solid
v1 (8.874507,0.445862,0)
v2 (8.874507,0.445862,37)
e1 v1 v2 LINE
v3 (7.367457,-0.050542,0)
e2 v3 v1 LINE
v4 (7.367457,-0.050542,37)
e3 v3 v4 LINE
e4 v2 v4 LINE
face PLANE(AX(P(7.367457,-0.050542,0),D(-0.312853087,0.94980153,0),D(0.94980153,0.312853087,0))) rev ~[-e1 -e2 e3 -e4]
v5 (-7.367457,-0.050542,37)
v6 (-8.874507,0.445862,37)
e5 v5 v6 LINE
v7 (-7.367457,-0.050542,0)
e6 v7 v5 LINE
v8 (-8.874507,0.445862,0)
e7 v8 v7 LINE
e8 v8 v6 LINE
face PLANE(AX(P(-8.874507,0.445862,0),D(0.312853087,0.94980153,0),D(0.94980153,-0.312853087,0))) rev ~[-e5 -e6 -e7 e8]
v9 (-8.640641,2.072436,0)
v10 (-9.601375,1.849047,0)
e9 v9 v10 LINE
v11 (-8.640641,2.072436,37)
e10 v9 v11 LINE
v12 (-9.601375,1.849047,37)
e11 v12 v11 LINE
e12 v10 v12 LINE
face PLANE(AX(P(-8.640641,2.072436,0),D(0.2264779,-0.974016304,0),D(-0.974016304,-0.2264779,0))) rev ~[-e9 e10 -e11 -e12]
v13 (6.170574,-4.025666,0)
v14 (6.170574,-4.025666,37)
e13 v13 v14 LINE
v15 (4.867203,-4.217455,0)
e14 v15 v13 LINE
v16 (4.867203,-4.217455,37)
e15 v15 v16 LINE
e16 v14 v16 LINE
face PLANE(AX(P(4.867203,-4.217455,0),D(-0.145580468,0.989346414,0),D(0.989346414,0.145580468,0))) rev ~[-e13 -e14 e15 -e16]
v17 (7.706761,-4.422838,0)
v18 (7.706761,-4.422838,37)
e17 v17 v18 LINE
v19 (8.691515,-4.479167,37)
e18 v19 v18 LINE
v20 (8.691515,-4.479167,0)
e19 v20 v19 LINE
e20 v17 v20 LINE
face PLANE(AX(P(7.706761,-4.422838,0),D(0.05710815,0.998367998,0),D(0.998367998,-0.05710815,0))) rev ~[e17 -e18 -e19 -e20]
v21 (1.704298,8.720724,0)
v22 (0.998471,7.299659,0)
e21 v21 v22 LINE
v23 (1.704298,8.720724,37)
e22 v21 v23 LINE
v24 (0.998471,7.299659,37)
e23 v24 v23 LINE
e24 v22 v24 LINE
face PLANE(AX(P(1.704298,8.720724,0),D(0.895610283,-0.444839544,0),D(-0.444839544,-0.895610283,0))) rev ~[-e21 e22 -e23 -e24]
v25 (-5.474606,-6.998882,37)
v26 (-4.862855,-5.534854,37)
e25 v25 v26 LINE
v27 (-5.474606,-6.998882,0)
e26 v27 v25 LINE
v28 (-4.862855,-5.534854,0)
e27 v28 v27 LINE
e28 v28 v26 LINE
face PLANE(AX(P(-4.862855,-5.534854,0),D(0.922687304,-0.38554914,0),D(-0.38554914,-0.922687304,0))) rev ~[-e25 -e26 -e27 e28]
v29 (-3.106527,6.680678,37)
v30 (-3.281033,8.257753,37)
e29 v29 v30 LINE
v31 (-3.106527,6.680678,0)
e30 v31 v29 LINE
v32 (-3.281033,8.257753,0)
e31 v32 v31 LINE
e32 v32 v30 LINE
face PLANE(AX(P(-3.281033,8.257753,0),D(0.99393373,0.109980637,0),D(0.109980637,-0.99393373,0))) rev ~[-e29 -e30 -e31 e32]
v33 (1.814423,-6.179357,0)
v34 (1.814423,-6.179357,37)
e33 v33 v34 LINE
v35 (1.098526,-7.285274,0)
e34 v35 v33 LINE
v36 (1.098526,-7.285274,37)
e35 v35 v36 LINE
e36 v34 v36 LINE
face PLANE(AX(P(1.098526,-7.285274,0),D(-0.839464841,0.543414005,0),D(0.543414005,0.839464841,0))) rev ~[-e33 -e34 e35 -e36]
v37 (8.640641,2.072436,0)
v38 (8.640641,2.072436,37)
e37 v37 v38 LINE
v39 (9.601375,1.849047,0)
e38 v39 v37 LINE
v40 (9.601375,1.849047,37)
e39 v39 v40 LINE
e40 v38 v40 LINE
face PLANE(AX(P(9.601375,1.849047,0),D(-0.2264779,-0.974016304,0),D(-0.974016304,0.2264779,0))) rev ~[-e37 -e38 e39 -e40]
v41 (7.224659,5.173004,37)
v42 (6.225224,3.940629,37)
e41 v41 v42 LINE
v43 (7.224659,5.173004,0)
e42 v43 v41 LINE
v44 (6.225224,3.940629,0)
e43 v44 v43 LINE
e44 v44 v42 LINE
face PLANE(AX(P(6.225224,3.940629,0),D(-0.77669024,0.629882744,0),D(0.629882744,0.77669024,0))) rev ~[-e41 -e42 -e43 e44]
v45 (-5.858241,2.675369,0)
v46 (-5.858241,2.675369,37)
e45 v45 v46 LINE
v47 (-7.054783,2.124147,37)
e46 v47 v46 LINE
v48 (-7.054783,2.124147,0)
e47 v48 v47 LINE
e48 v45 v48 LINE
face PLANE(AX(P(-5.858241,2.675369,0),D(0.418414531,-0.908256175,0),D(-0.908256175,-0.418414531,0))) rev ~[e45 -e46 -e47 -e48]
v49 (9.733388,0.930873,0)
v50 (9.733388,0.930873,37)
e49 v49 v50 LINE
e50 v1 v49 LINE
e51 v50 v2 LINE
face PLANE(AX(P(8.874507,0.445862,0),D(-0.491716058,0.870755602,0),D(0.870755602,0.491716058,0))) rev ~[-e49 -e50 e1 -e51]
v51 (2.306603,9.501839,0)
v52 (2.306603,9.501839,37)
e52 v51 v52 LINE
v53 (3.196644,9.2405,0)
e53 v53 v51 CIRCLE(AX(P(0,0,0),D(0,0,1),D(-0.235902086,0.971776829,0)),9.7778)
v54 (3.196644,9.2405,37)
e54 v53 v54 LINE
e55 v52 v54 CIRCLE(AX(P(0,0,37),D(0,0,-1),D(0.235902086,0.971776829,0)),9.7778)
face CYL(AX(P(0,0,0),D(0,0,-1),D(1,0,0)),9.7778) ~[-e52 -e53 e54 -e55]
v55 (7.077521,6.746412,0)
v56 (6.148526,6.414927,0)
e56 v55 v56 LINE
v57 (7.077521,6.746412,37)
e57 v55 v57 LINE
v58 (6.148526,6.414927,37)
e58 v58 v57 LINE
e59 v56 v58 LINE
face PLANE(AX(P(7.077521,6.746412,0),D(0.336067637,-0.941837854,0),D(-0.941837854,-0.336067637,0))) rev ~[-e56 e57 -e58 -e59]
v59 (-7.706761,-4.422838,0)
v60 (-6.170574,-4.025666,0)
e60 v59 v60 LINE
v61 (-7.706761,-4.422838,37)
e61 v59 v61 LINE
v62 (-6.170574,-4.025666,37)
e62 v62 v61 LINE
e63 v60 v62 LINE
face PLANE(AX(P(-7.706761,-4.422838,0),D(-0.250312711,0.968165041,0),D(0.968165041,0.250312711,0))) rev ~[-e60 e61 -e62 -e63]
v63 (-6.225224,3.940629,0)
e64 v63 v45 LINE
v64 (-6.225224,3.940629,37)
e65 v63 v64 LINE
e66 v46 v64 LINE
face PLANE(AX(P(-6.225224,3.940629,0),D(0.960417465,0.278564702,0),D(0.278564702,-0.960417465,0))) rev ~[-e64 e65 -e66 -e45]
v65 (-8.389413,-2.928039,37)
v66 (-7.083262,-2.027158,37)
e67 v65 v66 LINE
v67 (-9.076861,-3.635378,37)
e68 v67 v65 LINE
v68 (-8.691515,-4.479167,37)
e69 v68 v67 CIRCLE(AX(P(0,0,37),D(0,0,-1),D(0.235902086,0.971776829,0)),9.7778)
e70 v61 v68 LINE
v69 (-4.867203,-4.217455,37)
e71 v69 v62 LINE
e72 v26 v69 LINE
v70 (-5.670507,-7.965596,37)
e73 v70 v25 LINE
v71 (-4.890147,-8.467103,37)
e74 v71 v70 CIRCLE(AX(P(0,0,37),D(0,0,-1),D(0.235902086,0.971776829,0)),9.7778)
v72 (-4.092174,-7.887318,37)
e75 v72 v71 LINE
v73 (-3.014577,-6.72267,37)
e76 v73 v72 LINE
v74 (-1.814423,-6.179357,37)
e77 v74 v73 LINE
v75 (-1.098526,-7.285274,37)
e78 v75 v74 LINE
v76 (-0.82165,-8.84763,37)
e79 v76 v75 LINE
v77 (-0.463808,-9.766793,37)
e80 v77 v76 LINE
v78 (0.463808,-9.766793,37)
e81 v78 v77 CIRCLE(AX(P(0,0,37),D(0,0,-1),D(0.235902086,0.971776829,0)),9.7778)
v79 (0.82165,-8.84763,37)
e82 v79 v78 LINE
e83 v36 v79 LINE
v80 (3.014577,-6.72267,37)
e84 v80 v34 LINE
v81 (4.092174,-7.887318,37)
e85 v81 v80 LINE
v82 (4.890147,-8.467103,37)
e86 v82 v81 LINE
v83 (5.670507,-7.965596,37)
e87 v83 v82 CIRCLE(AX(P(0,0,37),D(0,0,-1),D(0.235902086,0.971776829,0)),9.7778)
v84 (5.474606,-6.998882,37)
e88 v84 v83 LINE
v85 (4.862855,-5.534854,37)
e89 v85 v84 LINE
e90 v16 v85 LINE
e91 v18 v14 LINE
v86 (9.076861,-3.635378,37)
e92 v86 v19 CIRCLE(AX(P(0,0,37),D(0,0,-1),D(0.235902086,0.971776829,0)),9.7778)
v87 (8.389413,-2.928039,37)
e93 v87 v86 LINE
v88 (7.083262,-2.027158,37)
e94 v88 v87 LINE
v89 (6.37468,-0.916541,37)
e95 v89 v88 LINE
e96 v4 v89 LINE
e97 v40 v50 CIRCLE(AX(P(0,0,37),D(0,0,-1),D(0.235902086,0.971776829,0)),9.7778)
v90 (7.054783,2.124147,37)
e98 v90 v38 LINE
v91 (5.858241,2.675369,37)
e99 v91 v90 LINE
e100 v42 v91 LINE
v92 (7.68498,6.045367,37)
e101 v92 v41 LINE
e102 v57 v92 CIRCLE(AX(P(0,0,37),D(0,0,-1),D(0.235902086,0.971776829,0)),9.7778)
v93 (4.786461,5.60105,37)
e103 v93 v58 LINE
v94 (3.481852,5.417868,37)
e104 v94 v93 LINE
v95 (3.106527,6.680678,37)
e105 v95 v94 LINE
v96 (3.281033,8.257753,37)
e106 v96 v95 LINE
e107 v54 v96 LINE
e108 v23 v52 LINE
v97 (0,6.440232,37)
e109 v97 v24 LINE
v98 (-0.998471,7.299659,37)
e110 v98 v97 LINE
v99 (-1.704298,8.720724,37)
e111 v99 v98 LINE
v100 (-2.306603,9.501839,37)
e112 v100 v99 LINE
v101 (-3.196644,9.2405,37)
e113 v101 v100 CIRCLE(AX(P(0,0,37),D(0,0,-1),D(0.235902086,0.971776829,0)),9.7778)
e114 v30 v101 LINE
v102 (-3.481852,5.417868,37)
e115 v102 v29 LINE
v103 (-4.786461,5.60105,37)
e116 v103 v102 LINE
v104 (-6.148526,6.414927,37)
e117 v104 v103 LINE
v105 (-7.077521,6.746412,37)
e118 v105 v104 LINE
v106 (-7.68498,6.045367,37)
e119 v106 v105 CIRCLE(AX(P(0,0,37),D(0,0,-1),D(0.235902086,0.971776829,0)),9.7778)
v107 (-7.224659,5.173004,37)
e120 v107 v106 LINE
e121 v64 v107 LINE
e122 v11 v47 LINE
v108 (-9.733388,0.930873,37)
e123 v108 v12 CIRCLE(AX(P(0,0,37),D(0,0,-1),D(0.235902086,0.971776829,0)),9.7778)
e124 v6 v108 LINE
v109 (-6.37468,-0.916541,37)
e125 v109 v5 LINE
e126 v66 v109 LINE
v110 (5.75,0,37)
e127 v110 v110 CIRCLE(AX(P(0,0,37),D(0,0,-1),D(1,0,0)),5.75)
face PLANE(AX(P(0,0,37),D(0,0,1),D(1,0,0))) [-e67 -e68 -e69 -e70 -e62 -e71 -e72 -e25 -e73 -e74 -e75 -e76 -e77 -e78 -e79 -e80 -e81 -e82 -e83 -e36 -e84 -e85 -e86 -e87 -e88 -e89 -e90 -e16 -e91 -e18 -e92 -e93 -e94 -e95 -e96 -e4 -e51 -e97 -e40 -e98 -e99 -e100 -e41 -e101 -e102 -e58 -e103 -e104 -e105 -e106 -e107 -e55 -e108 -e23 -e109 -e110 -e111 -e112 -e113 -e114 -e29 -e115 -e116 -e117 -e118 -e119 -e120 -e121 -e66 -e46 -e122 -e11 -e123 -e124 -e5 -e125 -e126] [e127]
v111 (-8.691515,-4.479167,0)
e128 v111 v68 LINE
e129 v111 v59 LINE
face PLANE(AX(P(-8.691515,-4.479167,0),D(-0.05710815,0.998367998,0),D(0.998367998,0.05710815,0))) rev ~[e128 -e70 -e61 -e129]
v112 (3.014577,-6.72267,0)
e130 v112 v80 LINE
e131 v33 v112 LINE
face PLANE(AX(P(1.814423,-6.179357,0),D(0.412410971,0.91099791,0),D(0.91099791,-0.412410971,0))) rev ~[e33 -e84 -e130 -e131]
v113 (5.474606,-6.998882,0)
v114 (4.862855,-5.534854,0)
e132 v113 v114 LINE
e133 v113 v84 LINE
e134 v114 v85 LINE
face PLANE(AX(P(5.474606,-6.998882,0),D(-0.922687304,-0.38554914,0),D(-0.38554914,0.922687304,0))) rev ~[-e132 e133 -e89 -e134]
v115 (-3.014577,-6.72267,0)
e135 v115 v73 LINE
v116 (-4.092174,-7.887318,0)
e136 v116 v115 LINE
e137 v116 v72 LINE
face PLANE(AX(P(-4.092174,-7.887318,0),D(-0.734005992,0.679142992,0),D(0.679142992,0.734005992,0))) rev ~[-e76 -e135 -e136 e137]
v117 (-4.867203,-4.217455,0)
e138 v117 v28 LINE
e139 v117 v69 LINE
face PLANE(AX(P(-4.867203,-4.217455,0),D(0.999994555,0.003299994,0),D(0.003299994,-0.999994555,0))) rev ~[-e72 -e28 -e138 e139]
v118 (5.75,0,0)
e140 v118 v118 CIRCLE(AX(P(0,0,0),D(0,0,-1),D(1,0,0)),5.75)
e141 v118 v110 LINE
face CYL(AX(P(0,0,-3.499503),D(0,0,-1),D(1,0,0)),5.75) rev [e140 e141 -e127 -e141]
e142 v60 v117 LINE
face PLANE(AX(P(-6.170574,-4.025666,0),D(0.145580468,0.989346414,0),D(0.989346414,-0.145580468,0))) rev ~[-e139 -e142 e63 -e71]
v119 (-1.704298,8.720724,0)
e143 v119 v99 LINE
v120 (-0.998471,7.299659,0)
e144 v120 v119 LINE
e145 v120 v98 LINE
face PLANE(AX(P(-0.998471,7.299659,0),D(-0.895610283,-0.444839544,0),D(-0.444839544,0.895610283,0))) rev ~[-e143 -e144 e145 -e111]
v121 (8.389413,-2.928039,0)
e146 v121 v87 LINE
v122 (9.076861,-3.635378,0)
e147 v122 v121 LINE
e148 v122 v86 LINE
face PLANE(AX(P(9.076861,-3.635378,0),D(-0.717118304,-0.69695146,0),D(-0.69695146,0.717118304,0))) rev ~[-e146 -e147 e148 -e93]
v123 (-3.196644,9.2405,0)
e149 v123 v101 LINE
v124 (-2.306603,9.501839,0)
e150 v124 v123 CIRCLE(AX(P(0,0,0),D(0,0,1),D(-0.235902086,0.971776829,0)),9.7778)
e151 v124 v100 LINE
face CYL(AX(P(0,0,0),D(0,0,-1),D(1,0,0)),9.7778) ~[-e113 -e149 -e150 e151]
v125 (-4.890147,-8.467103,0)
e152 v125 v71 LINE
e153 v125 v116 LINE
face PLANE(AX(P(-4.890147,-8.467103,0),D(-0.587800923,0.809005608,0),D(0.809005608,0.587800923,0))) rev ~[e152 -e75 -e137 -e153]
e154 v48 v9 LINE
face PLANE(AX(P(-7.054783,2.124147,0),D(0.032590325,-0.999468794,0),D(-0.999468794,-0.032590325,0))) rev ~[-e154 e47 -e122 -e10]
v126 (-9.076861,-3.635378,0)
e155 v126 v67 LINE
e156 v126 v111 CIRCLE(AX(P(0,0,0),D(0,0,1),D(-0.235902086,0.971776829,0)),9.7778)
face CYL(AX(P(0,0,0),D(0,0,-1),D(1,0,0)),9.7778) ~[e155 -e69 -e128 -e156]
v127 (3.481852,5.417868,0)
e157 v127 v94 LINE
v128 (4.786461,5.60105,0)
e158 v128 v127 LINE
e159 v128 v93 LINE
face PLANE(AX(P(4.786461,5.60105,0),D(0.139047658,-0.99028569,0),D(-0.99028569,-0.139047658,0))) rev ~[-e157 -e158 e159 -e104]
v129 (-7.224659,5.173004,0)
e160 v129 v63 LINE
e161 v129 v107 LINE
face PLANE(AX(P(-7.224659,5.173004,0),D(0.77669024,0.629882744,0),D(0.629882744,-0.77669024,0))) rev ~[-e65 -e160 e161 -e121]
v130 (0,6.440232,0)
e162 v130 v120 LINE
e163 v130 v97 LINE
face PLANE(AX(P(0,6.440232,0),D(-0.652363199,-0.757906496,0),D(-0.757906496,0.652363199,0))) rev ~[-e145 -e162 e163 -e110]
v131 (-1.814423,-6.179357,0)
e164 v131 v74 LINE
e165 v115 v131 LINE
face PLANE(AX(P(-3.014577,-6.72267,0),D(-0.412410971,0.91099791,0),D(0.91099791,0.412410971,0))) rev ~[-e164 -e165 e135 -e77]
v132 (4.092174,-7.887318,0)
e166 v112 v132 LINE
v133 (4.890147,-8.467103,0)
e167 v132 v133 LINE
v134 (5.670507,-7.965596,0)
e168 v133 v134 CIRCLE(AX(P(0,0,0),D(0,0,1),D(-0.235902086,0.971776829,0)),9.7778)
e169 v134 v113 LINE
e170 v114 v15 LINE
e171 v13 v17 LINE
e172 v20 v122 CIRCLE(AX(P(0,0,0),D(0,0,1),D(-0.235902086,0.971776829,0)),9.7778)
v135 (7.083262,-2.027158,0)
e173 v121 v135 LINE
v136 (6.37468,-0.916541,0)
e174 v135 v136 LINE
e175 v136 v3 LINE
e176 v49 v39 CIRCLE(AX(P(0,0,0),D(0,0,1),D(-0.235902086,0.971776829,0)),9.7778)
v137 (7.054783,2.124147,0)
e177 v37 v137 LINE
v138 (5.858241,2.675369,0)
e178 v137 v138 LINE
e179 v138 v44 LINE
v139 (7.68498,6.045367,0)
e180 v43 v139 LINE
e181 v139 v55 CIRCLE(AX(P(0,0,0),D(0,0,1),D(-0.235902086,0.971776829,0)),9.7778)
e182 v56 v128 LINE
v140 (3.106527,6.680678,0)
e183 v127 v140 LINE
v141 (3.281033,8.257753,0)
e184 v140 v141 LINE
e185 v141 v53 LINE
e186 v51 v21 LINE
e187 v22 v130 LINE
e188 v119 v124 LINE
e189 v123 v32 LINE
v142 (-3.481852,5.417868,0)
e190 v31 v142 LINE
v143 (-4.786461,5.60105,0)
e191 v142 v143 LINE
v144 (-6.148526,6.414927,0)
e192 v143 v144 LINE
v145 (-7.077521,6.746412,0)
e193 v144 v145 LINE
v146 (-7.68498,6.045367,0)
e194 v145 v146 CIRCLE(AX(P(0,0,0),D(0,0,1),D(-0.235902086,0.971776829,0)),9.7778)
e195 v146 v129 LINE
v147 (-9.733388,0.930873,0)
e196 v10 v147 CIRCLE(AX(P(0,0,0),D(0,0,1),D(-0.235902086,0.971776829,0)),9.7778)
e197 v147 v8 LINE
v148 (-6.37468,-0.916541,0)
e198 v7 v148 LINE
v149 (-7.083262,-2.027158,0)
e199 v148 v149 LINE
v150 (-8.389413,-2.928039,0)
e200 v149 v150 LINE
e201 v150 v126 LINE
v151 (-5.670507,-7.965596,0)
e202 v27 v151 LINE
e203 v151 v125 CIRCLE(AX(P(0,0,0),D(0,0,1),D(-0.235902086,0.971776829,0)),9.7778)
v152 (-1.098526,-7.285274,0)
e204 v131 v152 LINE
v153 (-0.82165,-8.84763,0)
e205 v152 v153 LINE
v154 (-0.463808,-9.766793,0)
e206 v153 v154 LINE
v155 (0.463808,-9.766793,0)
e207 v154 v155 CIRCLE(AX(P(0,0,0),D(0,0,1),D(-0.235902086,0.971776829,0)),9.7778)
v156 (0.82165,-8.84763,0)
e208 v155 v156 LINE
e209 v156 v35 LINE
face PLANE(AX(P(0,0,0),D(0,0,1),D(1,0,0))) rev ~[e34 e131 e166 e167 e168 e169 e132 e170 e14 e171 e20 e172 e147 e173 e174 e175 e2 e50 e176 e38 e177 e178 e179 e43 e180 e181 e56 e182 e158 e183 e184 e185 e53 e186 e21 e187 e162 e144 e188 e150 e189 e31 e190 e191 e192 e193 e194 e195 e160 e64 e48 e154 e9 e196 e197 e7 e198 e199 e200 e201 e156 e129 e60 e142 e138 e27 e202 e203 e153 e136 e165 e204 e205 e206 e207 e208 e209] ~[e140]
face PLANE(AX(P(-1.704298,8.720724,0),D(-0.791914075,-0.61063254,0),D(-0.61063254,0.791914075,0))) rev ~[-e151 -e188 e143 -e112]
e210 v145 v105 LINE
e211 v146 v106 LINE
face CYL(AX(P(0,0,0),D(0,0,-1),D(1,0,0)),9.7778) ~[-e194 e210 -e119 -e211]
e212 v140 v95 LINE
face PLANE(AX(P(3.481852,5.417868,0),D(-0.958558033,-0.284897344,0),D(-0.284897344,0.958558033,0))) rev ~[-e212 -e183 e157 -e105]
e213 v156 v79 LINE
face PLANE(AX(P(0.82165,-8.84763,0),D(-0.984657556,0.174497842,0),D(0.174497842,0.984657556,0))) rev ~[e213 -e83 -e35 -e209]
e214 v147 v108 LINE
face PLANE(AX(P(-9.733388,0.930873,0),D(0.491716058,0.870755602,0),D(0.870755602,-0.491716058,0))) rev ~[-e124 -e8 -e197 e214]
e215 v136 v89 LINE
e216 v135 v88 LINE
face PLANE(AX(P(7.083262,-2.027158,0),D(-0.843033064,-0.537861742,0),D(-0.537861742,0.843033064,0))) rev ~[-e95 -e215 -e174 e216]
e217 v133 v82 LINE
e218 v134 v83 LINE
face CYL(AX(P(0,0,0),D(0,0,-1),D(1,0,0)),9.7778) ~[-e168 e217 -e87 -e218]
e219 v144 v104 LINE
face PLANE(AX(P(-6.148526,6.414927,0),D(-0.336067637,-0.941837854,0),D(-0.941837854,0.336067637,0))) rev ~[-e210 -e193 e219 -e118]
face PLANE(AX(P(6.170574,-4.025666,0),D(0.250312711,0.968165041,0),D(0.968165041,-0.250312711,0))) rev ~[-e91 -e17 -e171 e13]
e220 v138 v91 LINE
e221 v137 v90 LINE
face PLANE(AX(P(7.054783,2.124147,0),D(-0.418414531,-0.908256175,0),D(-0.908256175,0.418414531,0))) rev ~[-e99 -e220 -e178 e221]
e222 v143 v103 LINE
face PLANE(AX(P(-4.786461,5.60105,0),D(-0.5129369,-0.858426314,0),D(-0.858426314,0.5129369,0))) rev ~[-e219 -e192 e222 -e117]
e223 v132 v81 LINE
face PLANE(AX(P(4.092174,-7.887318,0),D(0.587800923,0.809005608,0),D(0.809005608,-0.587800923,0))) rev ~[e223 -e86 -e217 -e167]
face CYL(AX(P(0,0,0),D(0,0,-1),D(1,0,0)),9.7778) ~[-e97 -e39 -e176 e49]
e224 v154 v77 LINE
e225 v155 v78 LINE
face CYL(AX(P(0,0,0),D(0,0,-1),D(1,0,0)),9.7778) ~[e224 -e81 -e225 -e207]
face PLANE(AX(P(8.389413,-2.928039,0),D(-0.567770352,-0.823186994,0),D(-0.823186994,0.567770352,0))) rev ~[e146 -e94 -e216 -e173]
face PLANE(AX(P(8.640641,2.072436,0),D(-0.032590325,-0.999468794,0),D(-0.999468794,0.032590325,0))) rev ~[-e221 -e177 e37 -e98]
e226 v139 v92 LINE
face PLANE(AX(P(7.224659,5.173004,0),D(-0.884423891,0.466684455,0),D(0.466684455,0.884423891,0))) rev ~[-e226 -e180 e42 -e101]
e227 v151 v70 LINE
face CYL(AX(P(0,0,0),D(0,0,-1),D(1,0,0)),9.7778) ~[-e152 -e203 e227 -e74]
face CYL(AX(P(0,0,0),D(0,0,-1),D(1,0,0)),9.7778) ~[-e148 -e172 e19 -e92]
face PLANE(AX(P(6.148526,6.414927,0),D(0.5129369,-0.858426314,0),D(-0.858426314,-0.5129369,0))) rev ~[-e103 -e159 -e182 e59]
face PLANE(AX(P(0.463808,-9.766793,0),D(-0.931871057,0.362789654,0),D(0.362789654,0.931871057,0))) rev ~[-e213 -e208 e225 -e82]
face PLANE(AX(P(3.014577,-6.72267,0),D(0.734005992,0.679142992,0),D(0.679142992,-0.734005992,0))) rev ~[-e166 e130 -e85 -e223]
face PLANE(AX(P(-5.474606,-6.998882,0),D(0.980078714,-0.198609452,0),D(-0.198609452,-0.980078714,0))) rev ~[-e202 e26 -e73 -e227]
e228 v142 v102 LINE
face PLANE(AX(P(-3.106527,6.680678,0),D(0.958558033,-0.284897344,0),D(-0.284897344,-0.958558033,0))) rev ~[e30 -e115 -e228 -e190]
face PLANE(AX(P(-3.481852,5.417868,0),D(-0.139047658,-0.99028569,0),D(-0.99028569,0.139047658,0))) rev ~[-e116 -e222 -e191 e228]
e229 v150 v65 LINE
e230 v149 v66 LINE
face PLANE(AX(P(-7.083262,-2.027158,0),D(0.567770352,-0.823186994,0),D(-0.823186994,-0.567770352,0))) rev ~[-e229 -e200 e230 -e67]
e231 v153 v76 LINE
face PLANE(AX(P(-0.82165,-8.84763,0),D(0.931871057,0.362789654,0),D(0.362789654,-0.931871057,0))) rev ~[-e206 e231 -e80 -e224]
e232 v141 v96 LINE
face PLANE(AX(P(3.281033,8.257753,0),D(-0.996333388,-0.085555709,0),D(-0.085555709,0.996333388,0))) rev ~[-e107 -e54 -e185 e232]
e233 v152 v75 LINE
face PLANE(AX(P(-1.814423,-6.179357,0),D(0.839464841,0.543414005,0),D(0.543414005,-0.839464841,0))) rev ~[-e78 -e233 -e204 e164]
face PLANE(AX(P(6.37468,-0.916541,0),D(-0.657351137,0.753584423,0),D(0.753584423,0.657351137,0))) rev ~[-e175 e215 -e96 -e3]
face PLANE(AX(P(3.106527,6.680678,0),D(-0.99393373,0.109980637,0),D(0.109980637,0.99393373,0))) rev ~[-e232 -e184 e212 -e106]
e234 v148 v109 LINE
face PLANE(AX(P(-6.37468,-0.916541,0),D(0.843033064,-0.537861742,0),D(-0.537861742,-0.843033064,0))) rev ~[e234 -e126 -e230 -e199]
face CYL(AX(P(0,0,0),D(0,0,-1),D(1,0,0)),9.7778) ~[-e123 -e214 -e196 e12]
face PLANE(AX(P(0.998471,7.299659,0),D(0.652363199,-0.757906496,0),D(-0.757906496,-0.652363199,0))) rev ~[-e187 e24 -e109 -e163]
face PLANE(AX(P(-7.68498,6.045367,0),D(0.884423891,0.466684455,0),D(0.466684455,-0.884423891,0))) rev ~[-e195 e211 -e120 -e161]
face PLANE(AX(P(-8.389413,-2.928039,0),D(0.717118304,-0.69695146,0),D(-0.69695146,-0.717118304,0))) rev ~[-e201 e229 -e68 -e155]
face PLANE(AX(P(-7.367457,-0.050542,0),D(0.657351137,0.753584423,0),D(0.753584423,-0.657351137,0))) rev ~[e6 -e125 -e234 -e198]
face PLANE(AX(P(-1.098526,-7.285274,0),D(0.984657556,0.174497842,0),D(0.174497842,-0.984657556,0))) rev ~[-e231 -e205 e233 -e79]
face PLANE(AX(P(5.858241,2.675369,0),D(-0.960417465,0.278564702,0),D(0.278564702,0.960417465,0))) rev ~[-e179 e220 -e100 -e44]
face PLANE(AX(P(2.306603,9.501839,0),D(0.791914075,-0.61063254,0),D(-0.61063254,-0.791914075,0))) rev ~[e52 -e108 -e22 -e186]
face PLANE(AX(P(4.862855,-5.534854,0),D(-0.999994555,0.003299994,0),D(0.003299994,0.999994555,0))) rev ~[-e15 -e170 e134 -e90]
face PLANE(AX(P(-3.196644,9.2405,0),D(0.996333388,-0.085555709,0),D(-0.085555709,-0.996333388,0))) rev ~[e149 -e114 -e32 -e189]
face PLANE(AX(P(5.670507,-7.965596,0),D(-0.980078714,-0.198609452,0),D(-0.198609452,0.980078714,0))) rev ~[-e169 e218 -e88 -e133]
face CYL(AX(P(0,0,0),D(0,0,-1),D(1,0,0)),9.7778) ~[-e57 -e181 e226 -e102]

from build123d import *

# Parameters (mm, degrees)
SKETCH1_R               = 9.7778
BOSS_EXTRUDE1_DEPTH     = 37
CUT_EXTRUDE1_DEPTH      = 40.499503107
CUT_EXTRUDE2_DEPTH      = 40.499503107
CUT_EXTRUDE2_DEPTH_BACK = 40.499503107
SKETCH4_R               = 5.75
CIRPATTERN1_COUNT       = 11


with BuildPart() as part:
    # Sketch1 → Boss-Extrude1 (new body)
    with BuildSketch(Plane.XY):
        Circle(SKETCH1_R)
    extrude(amount=BOSS_EXTRUDE1_DEPTH)

    # Sketch2 → Cut-Extrude1 (cut, through all)
    with BuildSketch(Plane.XY):
        Polygon((0, 6.440231992), (-0.998470792, 7.29965938), (-1.704297747, 8.720724317), (-2.306603416, 9.501839481), (-1.704297747, 10.285038999), (0, 10.999278518), (1.704297747, 10.285038999), (2.306603416, 9.501839481), (1.704297747, 8.720724317), (0.998470792, 7.29965938), align=None)
    cut_extrude1 = extrude(amount=CUT_EXTRUDE1_DEPTH, mode=Mode.SUBTRACT)

    # Sketch4 → Cut-Extrude2 (cut, two sides: drawn at the far end of the back side and taken through both)
    with BuildSketch(Plane.XY.offset(37).offset(-CUT_EXTRUDE2_DEPTH_BACK)):
        Circle(SKETCH4_R)
    extrude(amount=CUT_EXTRUDE2_DEPTH + CUT_EXTRUDE2_DEPTH_BACK, mode=Mode.SUBTRACT)

    # CirPattern1: Cut-Extrude1 ×11 about axis
    cirpattern1_axis = Axis((0, 0, 0), (0, 0, 1))
    for i in range(1, CIRPATTERN1_COUNT):
        add(cut_extrude1.rotate(cirpattern1_axis, i * 360 / CIRPATTERN1_COUNT), mode=Mode.SUBTRACT)


solid = part.part
